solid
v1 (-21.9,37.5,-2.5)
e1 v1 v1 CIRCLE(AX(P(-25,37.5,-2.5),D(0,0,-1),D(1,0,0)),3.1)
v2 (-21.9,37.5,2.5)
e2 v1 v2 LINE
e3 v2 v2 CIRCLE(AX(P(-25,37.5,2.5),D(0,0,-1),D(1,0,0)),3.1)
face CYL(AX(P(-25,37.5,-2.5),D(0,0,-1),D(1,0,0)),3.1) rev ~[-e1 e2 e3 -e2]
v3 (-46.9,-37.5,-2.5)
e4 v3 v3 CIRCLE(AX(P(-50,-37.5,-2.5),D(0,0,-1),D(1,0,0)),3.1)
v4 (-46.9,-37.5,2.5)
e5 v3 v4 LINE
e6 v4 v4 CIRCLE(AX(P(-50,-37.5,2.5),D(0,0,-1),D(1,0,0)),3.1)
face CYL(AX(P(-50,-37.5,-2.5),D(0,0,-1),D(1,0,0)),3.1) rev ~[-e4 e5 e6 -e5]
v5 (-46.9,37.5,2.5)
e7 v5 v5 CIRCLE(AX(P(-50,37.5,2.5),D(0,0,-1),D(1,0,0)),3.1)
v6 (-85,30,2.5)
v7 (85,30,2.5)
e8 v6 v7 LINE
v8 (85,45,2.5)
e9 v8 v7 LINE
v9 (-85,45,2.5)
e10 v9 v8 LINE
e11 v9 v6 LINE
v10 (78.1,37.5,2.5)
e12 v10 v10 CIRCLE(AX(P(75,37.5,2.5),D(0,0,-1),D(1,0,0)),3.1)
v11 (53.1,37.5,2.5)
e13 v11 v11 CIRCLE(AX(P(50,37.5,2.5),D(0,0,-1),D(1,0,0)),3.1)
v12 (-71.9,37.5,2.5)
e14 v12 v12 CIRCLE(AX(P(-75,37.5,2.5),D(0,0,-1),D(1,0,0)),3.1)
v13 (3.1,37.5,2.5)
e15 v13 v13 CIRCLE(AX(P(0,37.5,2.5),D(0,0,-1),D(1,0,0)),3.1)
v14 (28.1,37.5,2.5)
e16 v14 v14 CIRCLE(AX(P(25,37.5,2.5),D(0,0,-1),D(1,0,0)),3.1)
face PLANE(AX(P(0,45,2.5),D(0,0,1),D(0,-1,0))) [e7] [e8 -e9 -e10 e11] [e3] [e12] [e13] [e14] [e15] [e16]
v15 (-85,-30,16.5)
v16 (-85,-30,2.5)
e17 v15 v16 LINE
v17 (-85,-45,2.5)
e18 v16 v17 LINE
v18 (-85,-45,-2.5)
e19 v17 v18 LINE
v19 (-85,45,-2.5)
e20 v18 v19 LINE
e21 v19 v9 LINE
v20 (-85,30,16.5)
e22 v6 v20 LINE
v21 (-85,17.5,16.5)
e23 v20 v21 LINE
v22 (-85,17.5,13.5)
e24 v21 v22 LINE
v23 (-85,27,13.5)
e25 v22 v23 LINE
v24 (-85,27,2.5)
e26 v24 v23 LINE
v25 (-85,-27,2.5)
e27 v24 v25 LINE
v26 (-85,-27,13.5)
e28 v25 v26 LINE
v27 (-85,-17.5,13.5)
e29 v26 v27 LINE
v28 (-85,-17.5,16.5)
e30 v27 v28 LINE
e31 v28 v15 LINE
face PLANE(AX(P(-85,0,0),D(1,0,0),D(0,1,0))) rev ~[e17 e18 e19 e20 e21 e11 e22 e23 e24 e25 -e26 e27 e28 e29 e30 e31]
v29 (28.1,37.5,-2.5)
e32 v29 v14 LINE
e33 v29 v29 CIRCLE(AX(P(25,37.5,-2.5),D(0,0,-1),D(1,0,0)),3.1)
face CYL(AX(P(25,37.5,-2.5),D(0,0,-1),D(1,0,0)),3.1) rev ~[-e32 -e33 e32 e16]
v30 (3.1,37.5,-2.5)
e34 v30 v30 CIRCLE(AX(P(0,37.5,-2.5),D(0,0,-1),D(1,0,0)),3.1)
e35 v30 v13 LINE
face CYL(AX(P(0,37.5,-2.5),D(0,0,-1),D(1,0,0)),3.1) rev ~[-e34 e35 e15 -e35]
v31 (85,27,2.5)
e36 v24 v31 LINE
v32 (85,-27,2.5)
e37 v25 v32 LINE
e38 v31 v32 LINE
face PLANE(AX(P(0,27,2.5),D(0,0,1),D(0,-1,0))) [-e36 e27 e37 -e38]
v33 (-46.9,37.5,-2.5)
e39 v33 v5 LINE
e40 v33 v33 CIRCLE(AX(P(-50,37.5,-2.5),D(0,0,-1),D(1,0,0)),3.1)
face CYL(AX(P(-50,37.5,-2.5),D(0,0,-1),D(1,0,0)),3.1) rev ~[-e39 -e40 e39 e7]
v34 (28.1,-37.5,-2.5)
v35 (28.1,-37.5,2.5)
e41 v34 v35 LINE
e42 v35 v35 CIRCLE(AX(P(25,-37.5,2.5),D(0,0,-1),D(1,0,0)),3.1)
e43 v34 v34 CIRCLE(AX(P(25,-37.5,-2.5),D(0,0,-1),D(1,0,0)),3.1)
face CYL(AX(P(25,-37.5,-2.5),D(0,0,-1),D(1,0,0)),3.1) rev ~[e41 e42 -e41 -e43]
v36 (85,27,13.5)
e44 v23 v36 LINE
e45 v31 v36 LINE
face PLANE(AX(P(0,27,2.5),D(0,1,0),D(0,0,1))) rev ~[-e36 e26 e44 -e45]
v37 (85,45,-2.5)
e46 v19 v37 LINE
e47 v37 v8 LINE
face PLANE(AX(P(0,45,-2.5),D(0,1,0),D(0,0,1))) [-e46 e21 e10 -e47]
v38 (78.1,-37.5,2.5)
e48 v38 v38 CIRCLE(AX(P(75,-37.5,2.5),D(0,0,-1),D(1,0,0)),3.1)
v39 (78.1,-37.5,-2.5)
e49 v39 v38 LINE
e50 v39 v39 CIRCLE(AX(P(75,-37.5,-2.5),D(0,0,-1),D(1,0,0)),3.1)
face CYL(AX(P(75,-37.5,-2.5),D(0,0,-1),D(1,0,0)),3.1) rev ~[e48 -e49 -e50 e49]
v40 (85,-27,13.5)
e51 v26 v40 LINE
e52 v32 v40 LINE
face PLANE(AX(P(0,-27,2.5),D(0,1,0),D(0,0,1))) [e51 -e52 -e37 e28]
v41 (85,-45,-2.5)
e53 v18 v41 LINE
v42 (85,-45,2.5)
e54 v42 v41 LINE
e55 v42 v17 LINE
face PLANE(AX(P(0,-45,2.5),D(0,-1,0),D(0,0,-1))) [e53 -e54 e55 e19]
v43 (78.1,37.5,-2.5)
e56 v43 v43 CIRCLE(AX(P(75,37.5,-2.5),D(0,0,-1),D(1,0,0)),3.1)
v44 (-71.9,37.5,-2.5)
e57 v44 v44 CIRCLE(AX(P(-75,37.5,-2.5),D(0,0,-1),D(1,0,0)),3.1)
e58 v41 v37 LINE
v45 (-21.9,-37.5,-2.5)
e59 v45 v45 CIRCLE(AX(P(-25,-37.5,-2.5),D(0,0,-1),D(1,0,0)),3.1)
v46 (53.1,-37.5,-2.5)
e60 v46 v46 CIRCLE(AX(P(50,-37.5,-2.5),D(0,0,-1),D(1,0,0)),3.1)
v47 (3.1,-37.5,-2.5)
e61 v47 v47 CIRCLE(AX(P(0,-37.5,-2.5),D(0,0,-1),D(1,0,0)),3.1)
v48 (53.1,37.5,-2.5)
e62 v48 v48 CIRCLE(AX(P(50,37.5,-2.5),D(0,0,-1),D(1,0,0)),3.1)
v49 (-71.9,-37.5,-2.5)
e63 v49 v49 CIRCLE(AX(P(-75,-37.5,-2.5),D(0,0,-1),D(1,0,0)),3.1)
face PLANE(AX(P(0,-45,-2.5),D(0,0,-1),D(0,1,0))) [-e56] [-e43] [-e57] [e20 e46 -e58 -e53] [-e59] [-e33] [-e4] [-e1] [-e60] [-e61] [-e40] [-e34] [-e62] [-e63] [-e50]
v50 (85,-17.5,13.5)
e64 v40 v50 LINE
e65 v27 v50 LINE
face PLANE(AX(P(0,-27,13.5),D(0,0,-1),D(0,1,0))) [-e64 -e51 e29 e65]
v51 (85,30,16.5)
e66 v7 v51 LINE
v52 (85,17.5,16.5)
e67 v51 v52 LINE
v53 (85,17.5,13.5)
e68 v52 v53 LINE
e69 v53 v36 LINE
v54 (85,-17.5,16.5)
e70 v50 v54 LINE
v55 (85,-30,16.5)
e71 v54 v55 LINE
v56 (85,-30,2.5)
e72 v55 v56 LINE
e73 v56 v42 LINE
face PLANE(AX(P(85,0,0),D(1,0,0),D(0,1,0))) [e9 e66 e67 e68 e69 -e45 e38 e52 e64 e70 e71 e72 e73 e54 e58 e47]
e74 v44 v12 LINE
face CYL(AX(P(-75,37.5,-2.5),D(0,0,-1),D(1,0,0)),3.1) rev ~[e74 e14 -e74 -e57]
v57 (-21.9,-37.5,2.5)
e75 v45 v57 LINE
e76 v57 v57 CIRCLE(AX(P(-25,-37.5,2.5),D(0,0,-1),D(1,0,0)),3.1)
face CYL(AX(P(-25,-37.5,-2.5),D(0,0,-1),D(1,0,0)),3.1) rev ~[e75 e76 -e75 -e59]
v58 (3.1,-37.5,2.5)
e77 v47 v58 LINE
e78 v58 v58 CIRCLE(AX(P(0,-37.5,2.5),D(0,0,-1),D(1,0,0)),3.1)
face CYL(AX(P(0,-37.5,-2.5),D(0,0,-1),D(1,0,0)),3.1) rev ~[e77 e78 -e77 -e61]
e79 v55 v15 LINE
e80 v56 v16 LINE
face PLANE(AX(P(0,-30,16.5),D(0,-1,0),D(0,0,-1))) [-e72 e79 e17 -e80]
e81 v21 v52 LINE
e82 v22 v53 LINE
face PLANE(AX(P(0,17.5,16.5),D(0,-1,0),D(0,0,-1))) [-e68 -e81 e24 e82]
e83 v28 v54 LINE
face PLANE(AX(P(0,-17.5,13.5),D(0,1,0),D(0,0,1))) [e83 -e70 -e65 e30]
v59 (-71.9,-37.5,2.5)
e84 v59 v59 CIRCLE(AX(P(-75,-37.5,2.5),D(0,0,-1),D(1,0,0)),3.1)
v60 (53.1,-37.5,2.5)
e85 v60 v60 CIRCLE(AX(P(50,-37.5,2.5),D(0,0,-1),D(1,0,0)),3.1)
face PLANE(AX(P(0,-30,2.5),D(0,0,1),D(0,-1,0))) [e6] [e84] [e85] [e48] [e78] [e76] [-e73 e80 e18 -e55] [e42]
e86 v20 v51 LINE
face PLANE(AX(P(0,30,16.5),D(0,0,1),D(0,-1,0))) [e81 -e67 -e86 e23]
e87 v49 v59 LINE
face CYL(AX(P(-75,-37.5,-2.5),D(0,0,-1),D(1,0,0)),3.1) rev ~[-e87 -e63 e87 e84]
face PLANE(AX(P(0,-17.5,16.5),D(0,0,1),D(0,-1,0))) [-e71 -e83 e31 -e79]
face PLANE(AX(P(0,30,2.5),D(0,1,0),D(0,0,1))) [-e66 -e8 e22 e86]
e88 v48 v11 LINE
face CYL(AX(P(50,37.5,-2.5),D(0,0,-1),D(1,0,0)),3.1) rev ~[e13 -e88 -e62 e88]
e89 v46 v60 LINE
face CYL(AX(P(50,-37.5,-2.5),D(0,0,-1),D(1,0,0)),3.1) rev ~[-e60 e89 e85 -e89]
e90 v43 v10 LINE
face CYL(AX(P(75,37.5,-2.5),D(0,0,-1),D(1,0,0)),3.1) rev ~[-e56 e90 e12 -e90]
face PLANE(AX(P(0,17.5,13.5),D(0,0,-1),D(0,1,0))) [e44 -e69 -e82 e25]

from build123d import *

# Parameters (mm, degrees)
F0_W     = 3
F0_H     = 11
F1_DEPTH = 85
F2_R     = 3.1
F3_DEPTH = 6


with BuildPart() as f1:
    # F0 (on Right) → F1 (new body, symmetric)
    with BuildSketch(Plane.YZ):
        Polygon((-30, 2.5), (-45, 2.5), (-45, -2.5), (45, -2.5), (45, 2.5), (30, 2.5), (27, 2.5), (-27, 2.5), align=None)
        with Locations((-28.5, 8)):
            Rectangle(F0_W, F0_H)
        Polygon((-30, 16.5), (-30, 13.5), (-27, 13.5), (-17.5, 13.5), (-17.5, 16.5), align=None)
        with Locations((28.5, 8)):
            Rectangle(F0_W, F0_H)
        Polygon((17.5, 13.5), (27, 13.5), (30, 13.5), (30, 16.5), (17.5, 16.5), align=None)
    extrude(amount=F1_DEPTH, both=True)

    # F2 (on face) → F3 (cut)
    with BuildSketch(Plane(origin=(0, 0, -2.5), x_dir=(1, 0, 0), z_dir=(0, 0, -1))):
        with Locations((-75, 37.5)):
            Circle(F2_R)
        with Locations((-50, 37.5)):
            Circle(F2_R)
        with Locations((-25, 37.5)):
            Circle(F2_R)
        with Locations((0, 37.5)):
            Circle(F2_R)
        with Locations((25, 37.5)):
            Circle(F2_R)
        with Locations((75, 37.5)):
            Circle(F2_R)
        with Locations((50, 37.5)):
            Circle(F2_R)
        with Locations((50, -37.5)):
            Circle(F2_R)
        with Locations((75, -37.5)):
            Circle(F2_R)
        with Locations((25, -37.5)):
            Circle(F2_R)
        with Locations((0, -37.5)):
            Circle(F2_R)
        with Locations((-25, -37.5)):
            Circle(F2_R)
        with Locations((-50, -37.5)):
            Circle(F2_R)
        with Locations((-75, -37.5)):
            Circle(F2_R)
    extrude(amount=-F3_DEPTH, mode=Mode.SUBTRACT)


solid = f1.part
